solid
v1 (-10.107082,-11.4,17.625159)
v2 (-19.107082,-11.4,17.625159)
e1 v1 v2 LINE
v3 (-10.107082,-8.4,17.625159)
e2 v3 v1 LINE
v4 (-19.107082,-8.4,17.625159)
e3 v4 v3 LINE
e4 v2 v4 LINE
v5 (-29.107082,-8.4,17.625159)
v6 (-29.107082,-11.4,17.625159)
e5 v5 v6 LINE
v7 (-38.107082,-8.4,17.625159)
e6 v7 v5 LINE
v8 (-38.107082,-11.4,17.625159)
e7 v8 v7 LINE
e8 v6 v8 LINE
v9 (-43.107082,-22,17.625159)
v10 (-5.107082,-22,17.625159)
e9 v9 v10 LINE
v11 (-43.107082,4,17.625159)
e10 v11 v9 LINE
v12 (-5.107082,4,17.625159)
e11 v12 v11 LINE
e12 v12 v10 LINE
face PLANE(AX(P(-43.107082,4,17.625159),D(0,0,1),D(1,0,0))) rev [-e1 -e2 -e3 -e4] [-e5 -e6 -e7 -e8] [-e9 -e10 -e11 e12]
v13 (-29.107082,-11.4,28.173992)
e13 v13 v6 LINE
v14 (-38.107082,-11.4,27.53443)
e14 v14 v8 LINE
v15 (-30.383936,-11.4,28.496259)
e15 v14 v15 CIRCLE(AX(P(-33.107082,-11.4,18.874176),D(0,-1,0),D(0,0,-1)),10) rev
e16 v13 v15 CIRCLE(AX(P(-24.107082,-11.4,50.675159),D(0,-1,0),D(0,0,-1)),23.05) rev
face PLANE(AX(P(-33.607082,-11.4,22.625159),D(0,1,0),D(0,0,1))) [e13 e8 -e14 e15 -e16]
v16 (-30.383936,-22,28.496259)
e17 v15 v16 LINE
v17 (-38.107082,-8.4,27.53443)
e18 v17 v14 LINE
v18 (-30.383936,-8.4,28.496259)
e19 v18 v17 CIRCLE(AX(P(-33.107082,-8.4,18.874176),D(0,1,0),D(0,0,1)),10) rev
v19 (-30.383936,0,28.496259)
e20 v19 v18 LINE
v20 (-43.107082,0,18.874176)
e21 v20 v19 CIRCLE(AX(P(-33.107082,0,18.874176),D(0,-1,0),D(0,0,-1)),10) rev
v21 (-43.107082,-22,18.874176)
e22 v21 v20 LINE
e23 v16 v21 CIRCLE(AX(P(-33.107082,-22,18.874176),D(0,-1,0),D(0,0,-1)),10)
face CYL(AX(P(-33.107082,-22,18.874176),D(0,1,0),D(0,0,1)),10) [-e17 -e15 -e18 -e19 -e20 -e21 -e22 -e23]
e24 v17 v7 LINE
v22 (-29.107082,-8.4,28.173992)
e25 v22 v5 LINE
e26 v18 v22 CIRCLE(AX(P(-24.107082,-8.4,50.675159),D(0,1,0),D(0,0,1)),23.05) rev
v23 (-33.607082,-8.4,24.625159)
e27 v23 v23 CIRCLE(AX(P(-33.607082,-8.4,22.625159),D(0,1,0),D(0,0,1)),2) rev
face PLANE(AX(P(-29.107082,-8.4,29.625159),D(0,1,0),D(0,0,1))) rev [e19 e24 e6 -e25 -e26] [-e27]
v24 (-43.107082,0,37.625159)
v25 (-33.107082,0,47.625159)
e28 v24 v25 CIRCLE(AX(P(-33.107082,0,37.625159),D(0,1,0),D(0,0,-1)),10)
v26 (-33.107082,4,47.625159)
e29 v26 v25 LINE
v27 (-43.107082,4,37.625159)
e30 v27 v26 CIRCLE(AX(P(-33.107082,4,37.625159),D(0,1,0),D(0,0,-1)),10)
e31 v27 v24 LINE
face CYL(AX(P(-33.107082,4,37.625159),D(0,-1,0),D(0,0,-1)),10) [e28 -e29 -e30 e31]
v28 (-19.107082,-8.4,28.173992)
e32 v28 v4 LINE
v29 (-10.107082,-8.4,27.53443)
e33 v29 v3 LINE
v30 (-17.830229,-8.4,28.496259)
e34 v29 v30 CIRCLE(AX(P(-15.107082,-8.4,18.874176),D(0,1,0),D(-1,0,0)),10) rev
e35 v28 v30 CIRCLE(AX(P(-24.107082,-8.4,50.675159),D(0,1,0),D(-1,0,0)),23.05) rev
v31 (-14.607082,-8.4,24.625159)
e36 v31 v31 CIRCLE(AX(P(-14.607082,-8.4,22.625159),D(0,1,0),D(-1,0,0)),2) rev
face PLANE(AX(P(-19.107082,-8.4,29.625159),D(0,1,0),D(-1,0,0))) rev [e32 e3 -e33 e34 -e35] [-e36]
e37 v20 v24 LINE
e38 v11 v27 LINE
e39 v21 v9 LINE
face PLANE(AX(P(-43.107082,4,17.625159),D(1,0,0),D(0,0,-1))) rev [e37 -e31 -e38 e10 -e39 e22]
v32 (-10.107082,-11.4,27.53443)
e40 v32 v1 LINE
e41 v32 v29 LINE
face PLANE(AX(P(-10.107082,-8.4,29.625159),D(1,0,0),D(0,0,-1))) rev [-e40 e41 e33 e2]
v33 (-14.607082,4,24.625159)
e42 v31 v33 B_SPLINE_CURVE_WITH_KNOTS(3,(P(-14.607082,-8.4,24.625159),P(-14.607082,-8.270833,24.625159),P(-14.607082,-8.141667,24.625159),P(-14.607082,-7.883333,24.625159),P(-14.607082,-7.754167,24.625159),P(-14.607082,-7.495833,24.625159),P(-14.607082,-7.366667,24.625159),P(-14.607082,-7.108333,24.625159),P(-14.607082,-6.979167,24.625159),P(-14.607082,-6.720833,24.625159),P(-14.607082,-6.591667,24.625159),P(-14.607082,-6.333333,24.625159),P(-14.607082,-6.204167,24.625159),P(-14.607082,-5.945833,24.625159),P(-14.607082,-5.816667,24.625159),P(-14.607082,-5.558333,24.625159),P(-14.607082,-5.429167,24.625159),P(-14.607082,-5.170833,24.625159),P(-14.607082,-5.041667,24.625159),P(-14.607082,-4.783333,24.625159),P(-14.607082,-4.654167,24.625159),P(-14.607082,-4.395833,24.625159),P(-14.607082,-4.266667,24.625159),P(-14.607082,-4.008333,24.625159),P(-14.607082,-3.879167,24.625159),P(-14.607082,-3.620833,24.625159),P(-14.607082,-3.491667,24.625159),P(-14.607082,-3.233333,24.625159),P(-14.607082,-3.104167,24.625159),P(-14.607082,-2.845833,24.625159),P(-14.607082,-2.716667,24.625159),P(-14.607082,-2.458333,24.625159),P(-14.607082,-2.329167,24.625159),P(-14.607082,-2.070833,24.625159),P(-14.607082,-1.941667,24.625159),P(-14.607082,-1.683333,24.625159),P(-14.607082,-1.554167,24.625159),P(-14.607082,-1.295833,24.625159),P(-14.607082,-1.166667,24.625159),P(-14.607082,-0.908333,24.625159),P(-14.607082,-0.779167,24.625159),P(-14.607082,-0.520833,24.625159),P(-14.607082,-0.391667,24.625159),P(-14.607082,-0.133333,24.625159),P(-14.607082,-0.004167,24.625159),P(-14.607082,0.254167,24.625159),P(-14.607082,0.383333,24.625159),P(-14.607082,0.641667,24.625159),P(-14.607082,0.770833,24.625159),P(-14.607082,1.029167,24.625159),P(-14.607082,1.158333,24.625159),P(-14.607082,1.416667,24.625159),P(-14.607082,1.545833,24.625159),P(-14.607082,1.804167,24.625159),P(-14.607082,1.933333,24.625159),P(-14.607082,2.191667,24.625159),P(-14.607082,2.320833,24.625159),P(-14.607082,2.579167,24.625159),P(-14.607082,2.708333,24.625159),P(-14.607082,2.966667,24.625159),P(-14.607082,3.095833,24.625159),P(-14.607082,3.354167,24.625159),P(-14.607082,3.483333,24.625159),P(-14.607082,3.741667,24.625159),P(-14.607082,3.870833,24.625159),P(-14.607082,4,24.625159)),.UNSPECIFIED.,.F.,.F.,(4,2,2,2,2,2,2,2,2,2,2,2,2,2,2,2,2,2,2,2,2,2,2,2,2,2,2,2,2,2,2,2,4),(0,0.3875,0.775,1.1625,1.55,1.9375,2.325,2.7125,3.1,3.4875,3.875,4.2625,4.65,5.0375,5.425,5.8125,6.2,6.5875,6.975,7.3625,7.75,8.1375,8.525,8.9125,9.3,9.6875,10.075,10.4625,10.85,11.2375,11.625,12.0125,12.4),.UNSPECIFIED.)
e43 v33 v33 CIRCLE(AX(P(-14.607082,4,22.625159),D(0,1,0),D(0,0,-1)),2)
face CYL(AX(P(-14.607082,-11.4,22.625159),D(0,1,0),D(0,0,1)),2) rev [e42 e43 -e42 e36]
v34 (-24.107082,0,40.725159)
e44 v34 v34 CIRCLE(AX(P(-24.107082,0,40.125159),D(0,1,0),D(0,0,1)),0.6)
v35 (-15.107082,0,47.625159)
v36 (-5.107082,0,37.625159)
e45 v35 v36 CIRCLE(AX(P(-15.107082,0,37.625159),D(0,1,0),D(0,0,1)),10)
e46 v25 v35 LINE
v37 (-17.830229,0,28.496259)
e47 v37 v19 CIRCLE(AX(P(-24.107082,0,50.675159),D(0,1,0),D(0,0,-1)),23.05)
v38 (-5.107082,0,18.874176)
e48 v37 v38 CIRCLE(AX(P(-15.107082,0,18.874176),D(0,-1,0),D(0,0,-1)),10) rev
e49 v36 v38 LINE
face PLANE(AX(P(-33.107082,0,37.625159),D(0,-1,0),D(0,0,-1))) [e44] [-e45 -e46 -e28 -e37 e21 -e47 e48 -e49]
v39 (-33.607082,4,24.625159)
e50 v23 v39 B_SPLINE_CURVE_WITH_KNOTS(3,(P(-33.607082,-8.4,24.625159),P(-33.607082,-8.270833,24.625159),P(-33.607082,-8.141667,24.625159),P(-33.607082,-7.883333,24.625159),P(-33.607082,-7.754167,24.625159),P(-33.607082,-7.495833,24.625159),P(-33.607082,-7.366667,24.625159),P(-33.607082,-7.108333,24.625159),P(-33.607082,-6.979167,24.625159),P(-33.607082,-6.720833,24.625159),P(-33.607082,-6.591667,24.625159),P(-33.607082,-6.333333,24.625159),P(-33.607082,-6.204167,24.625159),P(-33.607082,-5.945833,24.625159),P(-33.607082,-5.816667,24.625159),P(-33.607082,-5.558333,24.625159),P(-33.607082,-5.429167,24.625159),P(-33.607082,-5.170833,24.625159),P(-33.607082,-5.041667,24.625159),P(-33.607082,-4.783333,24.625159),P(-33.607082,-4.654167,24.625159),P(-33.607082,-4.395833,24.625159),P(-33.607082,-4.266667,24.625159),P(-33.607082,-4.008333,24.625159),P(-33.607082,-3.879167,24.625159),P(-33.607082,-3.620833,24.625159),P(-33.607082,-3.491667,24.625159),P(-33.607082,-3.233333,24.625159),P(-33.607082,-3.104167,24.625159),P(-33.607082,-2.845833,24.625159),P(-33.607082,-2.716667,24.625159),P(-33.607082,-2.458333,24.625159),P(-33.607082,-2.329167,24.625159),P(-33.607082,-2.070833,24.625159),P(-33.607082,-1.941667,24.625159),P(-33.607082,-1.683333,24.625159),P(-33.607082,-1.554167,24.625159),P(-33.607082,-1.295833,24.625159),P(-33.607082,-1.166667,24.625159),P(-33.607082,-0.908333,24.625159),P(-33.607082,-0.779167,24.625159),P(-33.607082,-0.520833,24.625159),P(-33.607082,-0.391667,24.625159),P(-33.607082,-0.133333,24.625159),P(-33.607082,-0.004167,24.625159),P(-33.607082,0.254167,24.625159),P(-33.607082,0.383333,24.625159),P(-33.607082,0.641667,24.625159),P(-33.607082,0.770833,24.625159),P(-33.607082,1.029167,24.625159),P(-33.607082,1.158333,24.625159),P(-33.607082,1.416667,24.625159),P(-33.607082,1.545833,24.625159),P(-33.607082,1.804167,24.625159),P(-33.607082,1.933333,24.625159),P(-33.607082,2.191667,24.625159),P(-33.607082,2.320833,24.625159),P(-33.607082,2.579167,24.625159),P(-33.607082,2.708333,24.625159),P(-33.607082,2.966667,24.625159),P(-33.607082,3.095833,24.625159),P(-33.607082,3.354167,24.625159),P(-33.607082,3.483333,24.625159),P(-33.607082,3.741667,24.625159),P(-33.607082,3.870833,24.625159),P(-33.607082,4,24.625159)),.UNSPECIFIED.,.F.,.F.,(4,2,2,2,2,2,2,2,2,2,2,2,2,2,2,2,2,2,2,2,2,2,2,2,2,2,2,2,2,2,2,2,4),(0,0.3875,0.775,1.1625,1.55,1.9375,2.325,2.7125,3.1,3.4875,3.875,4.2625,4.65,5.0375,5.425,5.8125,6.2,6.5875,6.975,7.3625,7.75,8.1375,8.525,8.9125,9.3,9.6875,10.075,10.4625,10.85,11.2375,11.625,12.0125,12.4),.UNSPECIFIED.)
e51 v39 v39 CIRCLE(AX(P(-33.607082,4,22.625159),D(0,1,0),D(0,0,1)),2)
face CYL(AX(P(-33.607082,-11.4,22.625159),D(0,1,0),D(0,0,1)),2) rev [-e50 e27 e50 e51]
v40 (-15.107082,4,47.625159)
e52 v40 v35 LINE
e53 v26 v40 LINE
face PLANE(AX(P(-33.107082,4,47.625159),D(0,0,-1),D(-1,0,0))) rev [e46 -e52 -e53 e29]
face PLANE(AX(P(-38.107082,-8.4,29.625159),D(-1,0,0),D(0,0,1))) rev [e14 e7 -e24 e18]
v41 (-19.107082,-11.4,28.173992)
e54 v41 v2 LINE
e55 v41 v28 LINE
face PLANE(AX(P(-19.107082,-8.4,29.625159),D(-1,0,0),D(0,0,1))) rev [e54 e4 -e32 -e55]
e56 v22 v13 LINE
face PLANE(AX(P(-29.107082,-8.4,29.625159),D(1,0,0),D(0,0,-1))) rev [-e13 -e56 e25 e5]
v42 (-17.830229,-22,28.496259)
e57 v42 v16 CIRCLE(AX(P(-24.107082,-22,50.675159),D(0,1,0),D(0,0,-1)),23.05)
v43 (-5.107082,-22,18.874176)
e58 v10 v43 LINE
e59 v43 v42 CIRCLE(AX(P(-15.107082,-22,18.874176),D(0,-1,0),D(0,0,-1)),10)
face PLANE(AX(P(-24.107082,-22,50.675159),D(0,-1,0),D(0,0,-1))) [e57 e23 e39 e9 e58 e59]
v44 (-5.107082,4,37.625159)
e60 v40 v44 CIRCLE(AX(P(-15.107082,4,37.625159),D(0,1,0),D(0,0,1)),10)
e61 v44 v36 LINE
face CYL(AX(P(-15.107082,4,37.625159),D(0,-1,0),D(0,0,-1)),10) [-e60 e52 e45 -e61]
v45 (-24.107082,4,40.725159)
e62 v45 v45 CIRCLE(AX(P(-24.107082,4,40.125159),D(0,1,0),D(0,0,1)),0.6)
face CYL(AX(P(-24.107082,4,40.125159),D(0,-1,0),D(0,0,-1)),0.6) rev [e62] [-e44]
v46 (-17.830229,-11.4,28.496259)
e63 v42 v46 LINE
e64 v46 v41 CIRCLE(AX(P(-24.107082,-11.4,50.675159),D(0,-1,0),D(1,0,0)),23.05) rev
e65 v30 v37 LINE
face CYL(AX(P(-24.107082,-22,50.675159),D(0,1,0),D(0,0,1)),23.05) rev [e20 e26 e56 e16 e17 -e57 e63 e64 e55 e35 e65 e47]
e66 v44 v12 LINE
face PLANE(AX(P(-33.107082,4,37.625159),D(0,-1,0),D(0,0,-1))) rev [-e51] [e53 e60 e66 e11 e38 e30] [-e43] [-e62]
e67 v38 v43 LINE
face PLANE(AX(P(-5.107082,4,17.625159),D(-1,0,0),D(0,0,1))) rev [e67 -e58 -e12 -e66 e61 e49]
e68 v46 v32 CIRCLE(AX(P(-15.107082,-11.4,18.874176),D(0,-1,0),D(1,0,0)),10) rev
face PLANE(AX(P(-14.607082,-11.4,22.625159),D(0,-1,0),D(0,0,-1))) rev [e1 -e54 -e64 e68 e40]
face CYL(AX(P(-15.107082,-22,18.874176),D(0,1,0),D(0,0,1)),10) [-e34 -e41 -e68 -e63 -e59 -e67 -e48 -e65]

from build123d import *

# Parameters (mm, degrees)
CROQUIS2_R              = 0.6
SALIENTE_EXTRUIR1_DEPTH = 4
SALIENTE_EXTRUIR2_DEPTH = 22
REDONDEO1_R             = 10
REDONDEO2_R             = 10
CROQUIS4_R              = 2
CORTAR_EXTRUIR1_DEPTH   = 15.4
CROQUIS5_W              = 9
CROQUIS5_H              = 3
CORTAR_EXTRUIR2_DEPTH   = 12


with BuildPart() as part:
    # Croquis2 → Saliente-Extruir1 (new body)
    with BuildSketch(Plane(origin=(0, 0, 0), x_dir=(1, 0, 0), z_dir=(0, 1, 0))):
        with BuildLine():
            Line((-43.107082341, -17.625158928), (-5.107082341, -17.625158928))
            Line((-5.107082341, -17.625158928), (-5.107082341, -37.625158928))
            ThreePointArc((-5.107082341, -37.625158928), (-8.036014529, -44.69622674), (-15.107082341, -47.625158928))
            Line((-15.107082341, -47.625158928), (-33.107082341, -47.625158928))
            ThreePointArc((-33.107082341, -47.625158928), (-40.178150153, -44.69622674), (-43.107082341, -37.625158928))
            Line((-43.107082341, -37.625158928), (-43.107082341, -17.625158928))
        make_face()
        with Locations(Location((-24.107082341, -40.125158928, 0), (0, 0, 270))):
            Circle(CROQUIS2_R, mode=Mode.SUBTRACT)
    extrude(amount=SALIENTE_EXTRUIR1_DEPTH)

    # Croquis3 → Saliente-Extruir2 (add)
    with BuildSketch(Plane.XZ):
        with BuildLine():
            Line((-43.107082341, 17.625158928), (-5.107082341, 17.625158928))
            Line((-5.107082341, 17.625158928), (-5.107082341, 37.625158928))
            ThreePointArc((-5.107082341, 37.625158928), (-24.107082341, 27.625158928), (-43.107082341, 37.625158928))
            Line((-43.107082341, 37.625158928), (-43.107082341, 17.625158928))
        make_face()
    extrude(amount=SALIENTE_EXTRUIR2_DEPTH)

    # Redondeo1
    redondeo1_edges = [part.edges().sort_by_distance(p)[0] for p in [
        (-43.107082341, -11, 37.625158928),
    ]]
    fillet(redondeo1_edges, radius=REDONDEO1_R)

    # Redondeo2
    redondeo2_edges = [part.edges().sort_by_distance(p)[0] for p in [
        (-5.107082341, -11, 37.625158928),
    ]]
    fillet(redondeo2_edges, radius=REDONDEO2_R)

    # Croquis4 → Cortar-Extruir1 (cut)
    with BuildSketch(Plane(origin=(0, 4, 0), x_dir=(1, 0, 0), z_dir=(0, 1, 0))):
        with Locations(Location((-33.607082341, -22.625158928, 0), (0, 0, 270))):
            Circle(CROQUIS4_R)
        with Locations(Location((-14.607082341, -22.625158928, 0), (0, 0, 270))):
            Circle(CROQUIS4_R)
    extrude(amount=-CORTAR_EXTRUIR1_DEPTH, mode=Mode.SUBTRACT)

    # Croquis5 → Cortar-Extruir2 (cut)
    with BuildSketch(Plane(origin=(0, 0, 17.625158928), x_dir=(-1, 0, 0), z_dir=(0, 0, -1))):
        with Locations((33.607082341, -9.9)):
            Rectangle(CROQUIS5_W, CROQUIS5_H)
        with Locations((14.607082341, -9.9)):
            Rectangle(CROQUIS5_W, CROQUIS5_H)
    extrude(amount=-CORTAR_EXTRUIR2_DEPTH, mode=Mode.SUBTRACT)


solid = part.part
